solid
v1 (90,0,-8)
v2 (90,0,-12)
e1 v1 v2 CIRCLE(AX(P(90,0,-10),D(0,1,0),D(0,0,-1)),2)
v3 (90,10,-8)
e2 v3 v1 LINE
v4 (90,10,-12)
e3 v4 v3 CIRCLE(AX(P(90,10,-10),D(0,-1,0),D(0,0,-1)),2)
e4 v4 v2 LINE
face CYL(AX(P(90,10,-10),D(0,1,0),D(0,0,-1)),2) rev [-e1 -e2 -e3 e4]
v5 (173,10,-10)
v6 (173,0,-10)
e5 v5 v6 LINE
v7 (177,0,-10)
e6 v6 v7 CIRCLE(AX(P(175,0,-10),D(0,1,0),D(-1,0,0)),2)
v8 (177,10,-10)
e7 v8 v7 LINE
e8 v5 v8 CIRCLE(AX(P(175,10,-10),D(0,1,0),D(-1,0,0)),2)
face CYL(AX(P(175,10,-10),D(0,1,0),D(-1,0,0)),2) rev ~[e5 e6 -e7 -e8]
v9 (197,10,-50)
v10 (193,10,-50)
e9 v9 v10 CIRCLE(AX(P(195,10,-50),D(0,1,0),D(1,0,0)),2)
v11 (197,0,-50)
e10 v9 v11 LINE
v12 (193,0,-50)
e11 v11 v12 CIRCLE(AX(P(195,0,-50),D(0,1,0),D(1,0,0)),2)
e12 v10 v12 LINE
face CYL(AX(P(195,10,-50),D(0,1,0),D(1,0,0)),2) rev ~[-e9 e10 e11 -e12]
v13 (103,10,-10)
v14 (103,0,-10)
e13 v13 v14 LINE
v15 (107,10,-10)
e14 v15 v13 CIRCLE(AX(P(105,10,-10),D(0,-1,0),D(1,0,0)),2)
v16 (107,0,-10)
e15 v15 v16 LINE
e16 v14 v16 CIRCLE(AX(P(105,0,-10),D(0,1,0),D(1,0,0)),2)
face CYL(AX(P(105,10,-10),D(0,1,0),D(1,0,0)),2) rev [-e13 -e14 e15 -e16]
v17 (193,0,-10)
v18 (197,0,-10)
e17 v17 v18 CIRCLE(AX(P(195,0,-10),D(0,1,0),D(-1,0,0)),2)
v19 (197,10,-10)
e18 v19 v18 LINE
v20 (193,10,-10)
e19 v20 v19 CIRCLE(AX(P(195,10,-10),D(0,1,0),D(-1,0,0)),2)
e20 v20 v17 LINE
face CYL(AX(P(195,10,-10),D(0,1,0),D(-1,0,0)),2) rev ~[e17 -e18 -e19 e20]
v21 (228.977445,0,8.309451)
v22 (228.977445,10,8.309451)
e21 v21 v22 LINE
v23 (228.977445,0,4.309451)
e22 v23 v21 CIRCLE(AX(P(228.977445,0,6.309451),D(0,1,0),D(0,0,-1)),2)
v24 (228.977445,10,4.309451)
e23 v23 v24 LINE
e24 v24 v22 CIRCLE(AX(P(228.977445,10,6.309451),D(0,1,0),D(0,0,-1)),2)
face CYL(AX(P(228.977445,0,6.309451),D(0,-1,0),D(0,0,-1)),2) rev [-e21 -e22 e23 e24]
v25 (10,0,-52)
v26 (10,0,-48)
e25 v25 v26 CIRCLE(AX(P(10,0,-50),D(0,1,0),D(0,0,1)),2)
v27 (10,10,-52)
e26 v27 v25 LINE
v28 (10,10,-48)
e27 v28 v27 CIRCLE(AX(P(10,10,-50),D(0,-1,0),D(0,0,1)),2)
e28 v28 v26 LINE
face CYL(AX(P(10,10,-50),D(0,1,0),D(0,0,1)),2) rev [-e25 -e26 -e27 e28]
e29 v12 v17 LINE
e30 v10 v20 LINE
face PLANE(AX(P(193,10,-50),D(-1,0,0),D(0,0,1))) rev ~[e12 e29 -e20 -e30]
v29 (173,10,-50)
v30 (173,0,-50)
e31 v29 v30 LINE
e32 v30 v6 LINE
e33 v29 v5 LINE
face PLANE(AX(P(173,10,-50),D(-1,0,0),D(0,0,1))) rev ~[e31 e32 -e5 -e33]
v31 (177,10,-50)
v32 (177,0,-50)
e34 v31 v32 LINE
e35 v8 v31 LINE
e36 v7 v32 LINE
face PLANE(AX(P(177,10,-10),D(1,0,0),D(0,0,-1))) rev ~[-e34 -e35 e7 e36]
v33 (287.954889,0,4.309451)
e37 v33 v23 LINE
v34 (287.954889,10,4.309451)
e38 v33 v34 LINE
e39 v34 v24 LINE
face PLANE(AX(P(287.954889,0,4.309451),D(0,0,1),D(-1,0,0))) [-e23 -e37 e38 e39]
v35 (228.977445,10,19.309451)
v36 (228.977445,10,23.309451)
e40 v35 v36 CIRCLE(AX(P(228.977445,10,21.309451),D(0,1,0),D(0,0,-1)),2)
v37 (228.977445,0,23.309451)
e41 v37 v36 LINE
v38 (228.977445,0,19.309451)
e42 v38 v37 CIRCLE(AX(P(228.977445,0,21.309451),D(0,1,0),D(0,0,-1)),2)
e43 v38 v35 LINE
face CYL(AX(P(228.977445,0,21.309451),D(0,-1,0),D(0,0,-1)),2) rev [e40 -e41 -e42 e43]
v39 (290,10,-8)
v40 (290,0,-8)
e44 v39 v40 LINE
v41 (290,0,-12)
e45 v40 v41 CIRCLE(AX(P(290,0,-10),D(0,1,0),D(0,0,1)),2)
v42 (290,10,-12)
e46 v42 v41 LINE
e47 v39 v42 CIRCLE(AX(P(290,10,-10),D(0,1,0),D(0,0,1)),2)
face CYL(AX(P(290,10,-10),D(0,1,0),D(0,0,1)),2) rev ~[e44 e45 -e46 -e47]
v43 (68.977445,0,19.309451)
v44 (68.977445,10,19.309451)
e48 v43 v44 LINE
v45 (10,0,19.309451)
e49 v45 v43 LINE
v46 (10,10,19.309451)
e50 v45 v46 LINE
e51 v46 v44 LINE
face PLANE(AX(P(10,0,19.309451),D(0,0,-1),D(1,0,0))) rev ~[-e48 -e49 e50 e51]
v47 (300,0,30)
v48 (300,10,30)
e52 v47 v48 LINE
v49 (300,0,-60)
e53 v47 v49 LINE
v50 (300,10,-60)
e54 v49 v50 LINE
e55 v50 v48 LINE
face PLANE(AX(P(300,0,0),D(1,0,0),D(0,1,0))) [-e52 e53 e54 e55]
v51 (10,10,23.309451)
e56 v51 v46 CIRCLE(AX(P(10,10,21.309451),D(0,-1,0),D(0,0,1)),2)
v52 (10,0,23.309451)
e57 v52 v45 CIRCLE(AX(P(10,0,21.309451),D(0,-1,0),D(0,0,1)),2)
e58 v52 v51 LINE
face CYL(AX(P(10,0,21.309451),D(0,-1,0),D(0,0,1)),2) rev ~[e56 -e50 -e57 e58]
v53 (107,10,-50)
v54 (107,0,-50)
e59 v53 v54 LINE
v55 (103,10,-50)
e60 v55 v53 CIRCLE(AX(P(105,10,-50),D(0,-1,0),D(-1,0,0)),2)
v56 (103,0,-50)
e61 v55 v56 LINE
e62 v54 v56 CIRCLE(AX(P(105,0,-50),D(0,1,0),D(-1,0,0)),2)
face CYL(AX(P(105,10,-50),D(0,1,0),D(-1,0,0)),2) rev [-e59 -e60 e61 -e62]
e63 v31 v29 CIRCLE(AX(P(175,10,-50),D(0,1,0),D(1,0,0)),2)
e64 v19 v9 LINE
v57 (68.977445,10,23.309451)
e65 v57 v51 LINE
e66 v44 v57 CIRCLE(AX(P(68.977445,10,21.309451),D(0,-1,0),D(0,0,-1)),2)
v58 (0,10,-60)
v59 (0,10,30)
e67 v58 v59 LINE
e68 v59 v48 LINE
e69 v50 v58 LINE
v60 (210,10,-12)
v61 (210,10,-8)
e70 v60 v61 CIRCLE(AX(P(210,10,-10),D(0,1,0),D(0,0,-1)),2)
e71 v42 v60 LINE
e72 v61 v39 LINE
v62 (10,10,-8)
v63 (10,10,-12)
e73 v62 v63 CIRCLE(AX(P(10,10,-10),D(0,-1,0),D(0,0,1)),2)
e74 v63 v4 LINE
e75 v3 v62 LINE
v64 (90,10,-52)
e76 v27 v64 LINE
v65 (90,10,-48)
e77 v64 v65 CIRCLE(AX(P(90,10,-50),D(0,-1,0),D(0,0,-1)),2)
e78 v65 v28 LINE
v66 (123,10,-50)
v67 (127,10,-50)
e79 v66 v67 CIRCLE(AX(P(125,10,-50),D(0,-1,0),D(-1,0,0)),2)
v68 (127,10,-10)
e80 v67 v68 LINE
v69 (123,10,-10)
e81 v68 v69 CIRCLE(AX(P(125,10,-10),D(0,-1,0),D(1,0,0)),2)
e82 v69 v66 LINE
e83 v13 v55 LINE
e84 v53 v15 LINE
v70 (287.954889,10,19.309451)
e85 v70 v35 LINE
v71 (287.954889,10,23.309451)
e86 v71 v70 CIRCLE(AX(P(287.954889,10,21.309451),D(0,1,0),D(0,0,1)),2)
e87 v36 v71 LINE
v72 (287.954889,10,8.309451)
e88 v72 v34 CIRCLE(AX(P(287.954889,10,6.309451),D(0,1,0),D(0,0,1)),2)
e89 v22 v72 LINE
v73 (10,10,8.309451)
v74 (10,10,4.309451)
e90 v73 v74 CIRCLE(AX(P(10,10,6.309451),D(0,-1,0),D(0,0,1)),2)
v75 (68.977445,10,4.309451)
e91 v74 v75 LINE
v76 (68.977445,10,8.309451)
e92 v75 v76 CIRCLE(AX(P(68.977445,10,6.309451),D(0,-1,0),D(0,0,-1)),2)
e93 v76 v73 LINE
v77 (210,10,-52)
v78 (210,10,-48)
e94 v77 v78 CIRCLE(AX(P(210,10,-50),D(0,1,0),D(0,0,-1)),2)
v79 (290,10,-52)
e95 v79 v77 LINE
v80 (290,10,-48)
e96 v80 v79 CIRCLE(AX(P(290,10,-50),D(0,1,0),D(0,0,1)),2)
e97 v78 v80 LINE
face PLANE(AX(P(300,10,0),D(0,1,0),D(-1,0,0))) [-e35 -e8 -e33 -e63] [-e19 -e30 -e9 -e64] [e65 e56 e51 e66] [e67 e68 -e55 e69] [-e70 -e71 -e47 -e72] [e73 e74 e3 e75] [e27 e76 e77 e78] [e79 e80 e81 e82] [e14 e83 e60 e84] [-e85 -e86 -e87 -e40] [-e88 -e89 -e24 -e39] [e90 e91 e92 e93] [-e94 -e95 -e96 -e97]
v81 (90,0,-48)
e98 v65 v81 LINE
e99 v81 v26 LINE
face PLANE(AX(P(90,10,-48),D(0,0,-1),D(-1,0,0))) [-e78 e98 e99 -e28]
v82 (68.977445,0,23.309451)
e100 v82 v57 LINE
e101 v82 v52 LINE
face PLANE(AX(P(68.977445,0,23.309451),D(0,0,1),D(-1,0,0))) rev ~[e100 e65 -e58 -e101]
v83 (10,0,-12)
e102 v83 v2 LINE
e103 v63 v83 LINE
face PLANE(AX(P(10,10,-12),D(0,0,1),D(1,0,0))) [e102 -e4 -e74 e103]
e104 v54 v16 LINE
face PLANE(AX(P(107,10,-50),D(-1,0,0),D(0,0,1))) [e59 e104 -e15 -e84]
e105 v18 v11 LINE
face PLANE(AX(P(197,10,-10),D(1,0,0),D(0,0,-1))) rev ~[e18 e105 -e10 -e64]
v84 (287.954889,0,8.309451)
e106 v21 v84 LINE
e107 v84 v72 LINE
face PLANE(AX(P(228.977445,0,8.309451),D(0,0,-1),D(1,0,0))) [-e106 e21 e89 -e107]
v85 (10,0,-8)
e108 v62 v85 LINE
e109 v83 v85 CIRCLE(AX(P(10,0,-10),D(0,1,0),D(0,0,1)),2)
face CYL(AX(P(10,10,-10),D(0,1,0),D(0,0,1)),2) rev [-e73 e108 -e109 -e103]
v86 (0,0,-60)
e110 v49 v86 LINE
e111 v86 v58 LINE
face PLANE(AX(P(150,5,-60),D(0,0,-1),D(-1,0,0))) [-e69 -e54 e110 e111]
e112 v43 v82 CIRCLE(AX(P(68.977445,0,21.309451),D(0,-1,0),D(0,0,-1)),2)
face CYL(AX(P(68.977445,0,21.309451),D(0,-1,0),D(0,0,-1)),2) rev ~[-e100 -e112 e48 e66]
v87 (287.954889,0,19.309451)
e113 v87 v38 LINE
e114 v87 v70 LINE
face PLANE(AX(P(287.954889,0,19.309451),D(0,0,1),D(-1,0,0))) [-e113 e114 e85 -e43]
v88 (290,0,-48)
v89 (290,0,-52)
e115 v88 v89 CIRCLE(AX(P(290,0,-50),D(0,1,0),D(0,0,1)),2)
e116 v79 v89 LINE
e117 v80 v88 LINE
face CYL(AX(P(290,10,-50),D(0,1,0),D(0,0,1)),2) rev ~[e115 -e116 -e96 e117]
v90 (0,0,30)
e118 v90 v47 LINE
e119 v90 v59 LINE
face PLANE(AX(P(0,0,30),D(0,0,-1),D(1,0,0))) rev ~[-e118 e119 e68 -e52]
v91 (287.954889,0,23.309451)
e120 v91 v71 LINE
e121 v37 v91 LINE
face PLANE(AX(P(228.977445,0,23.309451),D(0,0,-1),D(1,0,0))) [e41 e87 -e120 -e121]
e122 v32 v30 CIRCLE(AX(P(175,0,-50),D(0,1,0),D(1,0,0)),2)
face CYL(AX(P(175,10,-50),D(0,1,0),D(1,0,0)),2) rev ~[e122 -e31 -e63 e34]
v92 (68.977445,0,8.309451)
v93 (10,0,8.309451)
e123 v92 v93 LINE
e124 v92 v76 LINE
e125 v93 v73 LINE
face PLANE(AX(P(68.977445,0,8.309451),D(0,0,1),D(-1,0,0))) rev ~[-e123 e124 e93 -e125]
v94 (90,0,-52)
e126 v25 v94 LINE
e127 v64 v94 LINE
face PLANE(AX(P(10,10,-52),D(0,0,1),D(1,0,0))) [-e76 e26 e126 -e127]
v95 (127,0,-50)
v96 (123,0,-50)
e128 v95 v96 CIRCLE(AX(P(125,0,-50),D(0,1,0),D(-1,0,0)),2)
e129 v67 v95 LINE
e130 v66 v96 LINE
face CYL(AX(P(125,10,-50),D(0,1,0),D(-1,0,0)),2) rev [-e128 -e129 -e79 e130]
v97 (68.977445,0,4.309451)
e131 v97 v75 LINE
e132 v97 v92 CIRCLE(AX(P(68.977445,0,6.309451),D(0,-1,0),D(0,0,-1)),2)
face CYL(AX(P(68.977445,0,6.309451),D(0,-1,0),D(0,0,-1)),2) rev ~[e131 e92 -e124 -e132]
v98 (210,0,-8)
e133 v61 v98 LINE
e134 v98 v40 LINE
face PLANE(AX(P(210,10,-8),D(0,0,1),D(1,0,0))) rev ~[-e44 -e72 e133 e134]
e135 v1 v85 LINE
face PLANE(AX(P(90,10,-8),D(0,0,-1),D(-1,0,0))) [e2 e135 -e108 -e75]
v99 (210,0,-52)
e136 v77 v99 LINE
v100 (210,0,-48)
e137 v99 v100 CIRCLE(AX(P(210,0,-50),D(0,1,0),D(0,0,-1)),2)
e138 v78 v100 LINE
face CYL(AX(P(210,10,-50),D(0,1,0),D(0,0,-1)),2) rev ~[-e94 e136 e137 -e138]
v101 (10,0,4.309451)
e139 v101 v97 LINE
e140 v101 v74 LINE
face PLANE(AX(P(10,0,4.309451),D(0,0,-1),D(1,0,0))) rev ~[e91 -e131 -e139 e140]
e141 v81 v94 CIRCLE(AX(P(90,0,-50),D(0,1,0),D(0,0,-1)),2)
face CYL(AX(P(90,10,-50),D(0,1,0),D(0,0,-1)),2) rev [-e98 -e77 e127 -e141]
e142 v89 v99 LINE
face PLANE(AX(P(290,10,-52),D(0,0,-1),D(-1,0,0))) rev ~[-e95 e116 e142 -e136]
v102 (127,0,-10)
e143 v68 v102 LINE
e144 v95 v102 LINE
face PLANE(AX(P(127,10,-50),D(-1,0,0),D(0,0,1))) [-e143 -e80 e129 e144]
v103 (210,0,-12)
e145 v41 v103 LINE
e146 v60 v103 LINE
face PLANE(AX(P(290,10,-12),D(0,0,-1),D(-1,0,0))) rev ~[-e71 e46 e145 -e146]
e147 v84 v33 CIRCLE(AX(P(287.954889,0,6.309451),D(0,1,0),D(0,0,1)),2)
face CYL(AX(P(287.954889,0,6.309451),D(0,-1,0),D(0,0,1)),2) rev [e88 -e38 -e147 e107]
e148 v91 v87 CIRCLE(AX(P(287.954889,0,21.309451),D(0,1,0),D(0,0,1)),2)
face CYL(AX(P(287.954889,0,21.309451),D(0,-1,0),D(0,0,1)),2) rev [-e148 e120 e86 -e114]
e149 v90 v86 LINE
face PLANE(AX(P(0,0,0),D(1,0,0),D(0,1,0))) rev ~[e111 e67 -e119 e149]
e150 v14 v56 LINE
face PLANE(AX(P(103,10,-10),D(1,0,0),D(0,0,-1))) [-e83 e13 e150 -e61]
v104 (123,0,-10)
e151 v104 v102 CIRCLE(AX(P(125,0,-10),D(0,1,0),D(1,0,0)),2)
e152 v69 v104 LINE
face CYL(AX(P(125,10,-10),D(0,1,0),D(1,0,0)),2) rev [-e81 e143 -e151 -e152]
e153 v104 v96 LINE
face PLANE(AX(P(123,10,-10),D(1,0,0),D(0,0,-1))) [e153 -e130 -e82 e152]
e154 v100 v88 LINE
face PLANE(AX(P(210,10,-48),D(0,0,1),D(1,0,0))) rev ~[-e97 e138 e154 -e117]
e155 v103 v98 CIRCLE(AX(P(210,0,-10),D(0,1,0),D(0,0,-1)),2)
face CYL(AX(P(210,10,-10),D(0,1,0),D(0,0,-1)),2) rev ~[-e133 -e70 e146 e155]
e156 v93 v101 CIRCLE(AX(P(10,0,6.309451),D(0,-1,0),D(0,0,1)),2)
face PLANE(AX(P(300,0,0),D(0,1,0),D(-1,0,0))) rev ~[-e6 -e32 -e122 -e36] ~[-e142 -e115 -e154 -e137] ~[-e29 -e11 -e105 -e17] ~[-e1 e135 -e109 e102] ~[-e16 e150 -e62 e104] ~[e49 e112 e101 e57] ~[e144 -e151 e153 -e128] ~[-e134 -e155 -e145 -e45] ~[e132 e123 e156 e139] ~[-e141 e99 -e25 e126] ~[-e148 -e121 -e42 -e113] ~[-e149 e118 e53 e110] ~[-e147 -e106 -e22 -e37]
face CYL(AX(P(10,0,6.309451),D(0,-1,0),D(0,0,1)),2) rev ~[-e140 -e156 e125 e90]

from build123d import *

# Parameters (mm, degrees)
SKETCH1_W           = 300
SKETCH1_H           = 30
BOSS_EXTRUDE1_DEPTH = 10
SKETCH2_W           = 300
SKETCH2_H           = 10
BOSS_EXTRUDE2_DEPTH = 60
CUT_EXTRUDE1_DEPTH  = 307.1045573


with BuildPart() as part:
    # Sketch1 → Boss-Extrude1 (new body)
    with BuildSketch(Plane(origin=(0, 0, 0), x_dir=(1, 0, 0), z_dir=(0, 1, 0))):
        with Locations((150, -15)):
            Rectangle(SKETCH1_W, SKETCH1_H)
        with BuildLine():
            Line((68.977444605, -8.309450677), (10, -8.309450677))
            ThreePointArc((10, -8.309450677), (8, -6.309450677), (10, -4.309450677))
            Line((10, -4.309450677), (68.977444605, -4.309450677))
            ThreePointArc((68.977444605, -4.309450677), (70.977444605, -6.309450677), (68.977444605, -8.309450677))
        make_face(mode=Mode.SUBTRACT)
        with BuildLine():
            Line((68.977444605, -23.309450677), (10, -23.309450677))
            ThreePointArc((10, -23.309450677), (8, -21.309450677), (10, -19.309450677))
            Line((10, -19.309450677), (68.977444605, -19.309450677))
            ThreePointArc((68.977444605, -19.309450677), (70.977444605, -21.309450677), (68.977444605, -23.309450677))
        make_face(mode=Mode.SUBTRACT)
        with BuildLine():
            Line((228.977444605, -23.309450677), (287.95488921, -23.309450677))
            ThreePointArc((287.95488921, -23.309450677), (289.95488921, -21.309450677), (287.95488921, -19.309450677))
            Line((287.95488921, -19.309450677), (228.977444605, -19.309450677))
            ThreePointArc((228.977444605, -19.309450677), (226.977444605, -21.309450677), (228.977444605, -23.309450677))
        make_face(mode=Mode.SUBTRACT)
        with BuildLine():
            Line((228.977444605, -8.309450677), (287.95488921, -8.309450677))
            ThreePointArc((287.95488921, -8.309450677), (289.95488921, -6.309450677), (287.95488921, -4.309450677))
            Line((287.95488921, -4.309450677), (228.977444605, -4.309450677))
            ThreePointArc((228.977444605, -4.309450677), (226.977444605, -6.309450677), (228.977444605, -8.309450677))
        make_face(mode=Mode.SUBTRACT)
    extrude(amount=BOSS_EXTRUDE1_DEPTH)

    # Sketch2 → Boss-Extrude2 (add)
    with BuildSketch(Plane(origin=(0, 0, 0), x_dir=(-1, 0, 0), z_dir=(0, 0, -1))):
        with Locations((-150, 5)):
            Rectangle(SKETCH2_W, SKETCH2_H)
    extrude(amount=BOSS_EXTRUDE2_DEPTH)

    # Sketch3 → Cut-Extrude1 (cut, through all)
    with BuildSketch(Plane(origin=(0, 10, 0), x_dir=(1, 0, 0), z_dir=(0, 1, 0))):
        with BuildLine():
            Line((10, 52), (90, 52))
            ThreePointArc((90, 52), (92, 50), (90, 48))
            Line((90, 48), (10, 48))
            ThreePointArc((10, 48), (8, 50), (10, 52))
        make_face()
        with BuildLine():
            Line((10, 12), (90, 12))
            ThreePointArc((90, 12), (92, 10), (90, 8))
            Line((90, 8), (10, 8))
            ThreePointArc((10, 8), (8, 10), (10, 12))
        make_face()
        with BuildLine():
            Line((127, 50), (127, 10))
            ThreePointArc((127, 10), (125, 8), (123, 10))
            Line((123, 10), (123, 50))
            ThreePointArc((123, 50), (125, 52), (127, 50))
        make_face()
        with BuildLine():
            Line((107, 50), (107, 10))
            ThreePointArc((107, 10), (105, 8), (103, 10))
            Line((103, 10), (103, 50))
            ThreePointArc((103, 50), (105, 52), (107, 50))
        make_face()
        with BuildLine():
            Line((290, 52), (210, 52))
            ThreePointArc((210, 52), (208, 50), (210, 48))
            Line((210, 48), (290, 48))
            ThreePointArc((290, 48), (292, 50), (290, 52))
        make_face()
        with BuildLine():
            Line((290, 12), (210, 12))
            ThreePointArc((210, 12), (208, 10), (210, 8))
            Line((210, 8), (290, 8))
            ThreePointArc((290, 8), (292, 10), (290, 12))
        make_face()
        with BuildLine():
            Line((173, 50), (173, 10))
            ThreePointArc((173, 10), (175, 8), (177, 10))
            Line((177, 10), (177, 50))
            ThreePointArc((177, 50), (175, 52), (173, 50))
        make_face()
        with BuildLine():
            Line((193, 50), (193, 10))
            ThreePointArc((193, 10), (195, 8), (197, 10))
            Line((197, 10), (197, 50))
            ThreePointArc((197, 50), (195, 52), (193, 50))
        make_face()
    extrude(amount=-CUT_EXTRUDE1_DEPTH, mode=Mode.SUBTRACT)


solid = part.part
